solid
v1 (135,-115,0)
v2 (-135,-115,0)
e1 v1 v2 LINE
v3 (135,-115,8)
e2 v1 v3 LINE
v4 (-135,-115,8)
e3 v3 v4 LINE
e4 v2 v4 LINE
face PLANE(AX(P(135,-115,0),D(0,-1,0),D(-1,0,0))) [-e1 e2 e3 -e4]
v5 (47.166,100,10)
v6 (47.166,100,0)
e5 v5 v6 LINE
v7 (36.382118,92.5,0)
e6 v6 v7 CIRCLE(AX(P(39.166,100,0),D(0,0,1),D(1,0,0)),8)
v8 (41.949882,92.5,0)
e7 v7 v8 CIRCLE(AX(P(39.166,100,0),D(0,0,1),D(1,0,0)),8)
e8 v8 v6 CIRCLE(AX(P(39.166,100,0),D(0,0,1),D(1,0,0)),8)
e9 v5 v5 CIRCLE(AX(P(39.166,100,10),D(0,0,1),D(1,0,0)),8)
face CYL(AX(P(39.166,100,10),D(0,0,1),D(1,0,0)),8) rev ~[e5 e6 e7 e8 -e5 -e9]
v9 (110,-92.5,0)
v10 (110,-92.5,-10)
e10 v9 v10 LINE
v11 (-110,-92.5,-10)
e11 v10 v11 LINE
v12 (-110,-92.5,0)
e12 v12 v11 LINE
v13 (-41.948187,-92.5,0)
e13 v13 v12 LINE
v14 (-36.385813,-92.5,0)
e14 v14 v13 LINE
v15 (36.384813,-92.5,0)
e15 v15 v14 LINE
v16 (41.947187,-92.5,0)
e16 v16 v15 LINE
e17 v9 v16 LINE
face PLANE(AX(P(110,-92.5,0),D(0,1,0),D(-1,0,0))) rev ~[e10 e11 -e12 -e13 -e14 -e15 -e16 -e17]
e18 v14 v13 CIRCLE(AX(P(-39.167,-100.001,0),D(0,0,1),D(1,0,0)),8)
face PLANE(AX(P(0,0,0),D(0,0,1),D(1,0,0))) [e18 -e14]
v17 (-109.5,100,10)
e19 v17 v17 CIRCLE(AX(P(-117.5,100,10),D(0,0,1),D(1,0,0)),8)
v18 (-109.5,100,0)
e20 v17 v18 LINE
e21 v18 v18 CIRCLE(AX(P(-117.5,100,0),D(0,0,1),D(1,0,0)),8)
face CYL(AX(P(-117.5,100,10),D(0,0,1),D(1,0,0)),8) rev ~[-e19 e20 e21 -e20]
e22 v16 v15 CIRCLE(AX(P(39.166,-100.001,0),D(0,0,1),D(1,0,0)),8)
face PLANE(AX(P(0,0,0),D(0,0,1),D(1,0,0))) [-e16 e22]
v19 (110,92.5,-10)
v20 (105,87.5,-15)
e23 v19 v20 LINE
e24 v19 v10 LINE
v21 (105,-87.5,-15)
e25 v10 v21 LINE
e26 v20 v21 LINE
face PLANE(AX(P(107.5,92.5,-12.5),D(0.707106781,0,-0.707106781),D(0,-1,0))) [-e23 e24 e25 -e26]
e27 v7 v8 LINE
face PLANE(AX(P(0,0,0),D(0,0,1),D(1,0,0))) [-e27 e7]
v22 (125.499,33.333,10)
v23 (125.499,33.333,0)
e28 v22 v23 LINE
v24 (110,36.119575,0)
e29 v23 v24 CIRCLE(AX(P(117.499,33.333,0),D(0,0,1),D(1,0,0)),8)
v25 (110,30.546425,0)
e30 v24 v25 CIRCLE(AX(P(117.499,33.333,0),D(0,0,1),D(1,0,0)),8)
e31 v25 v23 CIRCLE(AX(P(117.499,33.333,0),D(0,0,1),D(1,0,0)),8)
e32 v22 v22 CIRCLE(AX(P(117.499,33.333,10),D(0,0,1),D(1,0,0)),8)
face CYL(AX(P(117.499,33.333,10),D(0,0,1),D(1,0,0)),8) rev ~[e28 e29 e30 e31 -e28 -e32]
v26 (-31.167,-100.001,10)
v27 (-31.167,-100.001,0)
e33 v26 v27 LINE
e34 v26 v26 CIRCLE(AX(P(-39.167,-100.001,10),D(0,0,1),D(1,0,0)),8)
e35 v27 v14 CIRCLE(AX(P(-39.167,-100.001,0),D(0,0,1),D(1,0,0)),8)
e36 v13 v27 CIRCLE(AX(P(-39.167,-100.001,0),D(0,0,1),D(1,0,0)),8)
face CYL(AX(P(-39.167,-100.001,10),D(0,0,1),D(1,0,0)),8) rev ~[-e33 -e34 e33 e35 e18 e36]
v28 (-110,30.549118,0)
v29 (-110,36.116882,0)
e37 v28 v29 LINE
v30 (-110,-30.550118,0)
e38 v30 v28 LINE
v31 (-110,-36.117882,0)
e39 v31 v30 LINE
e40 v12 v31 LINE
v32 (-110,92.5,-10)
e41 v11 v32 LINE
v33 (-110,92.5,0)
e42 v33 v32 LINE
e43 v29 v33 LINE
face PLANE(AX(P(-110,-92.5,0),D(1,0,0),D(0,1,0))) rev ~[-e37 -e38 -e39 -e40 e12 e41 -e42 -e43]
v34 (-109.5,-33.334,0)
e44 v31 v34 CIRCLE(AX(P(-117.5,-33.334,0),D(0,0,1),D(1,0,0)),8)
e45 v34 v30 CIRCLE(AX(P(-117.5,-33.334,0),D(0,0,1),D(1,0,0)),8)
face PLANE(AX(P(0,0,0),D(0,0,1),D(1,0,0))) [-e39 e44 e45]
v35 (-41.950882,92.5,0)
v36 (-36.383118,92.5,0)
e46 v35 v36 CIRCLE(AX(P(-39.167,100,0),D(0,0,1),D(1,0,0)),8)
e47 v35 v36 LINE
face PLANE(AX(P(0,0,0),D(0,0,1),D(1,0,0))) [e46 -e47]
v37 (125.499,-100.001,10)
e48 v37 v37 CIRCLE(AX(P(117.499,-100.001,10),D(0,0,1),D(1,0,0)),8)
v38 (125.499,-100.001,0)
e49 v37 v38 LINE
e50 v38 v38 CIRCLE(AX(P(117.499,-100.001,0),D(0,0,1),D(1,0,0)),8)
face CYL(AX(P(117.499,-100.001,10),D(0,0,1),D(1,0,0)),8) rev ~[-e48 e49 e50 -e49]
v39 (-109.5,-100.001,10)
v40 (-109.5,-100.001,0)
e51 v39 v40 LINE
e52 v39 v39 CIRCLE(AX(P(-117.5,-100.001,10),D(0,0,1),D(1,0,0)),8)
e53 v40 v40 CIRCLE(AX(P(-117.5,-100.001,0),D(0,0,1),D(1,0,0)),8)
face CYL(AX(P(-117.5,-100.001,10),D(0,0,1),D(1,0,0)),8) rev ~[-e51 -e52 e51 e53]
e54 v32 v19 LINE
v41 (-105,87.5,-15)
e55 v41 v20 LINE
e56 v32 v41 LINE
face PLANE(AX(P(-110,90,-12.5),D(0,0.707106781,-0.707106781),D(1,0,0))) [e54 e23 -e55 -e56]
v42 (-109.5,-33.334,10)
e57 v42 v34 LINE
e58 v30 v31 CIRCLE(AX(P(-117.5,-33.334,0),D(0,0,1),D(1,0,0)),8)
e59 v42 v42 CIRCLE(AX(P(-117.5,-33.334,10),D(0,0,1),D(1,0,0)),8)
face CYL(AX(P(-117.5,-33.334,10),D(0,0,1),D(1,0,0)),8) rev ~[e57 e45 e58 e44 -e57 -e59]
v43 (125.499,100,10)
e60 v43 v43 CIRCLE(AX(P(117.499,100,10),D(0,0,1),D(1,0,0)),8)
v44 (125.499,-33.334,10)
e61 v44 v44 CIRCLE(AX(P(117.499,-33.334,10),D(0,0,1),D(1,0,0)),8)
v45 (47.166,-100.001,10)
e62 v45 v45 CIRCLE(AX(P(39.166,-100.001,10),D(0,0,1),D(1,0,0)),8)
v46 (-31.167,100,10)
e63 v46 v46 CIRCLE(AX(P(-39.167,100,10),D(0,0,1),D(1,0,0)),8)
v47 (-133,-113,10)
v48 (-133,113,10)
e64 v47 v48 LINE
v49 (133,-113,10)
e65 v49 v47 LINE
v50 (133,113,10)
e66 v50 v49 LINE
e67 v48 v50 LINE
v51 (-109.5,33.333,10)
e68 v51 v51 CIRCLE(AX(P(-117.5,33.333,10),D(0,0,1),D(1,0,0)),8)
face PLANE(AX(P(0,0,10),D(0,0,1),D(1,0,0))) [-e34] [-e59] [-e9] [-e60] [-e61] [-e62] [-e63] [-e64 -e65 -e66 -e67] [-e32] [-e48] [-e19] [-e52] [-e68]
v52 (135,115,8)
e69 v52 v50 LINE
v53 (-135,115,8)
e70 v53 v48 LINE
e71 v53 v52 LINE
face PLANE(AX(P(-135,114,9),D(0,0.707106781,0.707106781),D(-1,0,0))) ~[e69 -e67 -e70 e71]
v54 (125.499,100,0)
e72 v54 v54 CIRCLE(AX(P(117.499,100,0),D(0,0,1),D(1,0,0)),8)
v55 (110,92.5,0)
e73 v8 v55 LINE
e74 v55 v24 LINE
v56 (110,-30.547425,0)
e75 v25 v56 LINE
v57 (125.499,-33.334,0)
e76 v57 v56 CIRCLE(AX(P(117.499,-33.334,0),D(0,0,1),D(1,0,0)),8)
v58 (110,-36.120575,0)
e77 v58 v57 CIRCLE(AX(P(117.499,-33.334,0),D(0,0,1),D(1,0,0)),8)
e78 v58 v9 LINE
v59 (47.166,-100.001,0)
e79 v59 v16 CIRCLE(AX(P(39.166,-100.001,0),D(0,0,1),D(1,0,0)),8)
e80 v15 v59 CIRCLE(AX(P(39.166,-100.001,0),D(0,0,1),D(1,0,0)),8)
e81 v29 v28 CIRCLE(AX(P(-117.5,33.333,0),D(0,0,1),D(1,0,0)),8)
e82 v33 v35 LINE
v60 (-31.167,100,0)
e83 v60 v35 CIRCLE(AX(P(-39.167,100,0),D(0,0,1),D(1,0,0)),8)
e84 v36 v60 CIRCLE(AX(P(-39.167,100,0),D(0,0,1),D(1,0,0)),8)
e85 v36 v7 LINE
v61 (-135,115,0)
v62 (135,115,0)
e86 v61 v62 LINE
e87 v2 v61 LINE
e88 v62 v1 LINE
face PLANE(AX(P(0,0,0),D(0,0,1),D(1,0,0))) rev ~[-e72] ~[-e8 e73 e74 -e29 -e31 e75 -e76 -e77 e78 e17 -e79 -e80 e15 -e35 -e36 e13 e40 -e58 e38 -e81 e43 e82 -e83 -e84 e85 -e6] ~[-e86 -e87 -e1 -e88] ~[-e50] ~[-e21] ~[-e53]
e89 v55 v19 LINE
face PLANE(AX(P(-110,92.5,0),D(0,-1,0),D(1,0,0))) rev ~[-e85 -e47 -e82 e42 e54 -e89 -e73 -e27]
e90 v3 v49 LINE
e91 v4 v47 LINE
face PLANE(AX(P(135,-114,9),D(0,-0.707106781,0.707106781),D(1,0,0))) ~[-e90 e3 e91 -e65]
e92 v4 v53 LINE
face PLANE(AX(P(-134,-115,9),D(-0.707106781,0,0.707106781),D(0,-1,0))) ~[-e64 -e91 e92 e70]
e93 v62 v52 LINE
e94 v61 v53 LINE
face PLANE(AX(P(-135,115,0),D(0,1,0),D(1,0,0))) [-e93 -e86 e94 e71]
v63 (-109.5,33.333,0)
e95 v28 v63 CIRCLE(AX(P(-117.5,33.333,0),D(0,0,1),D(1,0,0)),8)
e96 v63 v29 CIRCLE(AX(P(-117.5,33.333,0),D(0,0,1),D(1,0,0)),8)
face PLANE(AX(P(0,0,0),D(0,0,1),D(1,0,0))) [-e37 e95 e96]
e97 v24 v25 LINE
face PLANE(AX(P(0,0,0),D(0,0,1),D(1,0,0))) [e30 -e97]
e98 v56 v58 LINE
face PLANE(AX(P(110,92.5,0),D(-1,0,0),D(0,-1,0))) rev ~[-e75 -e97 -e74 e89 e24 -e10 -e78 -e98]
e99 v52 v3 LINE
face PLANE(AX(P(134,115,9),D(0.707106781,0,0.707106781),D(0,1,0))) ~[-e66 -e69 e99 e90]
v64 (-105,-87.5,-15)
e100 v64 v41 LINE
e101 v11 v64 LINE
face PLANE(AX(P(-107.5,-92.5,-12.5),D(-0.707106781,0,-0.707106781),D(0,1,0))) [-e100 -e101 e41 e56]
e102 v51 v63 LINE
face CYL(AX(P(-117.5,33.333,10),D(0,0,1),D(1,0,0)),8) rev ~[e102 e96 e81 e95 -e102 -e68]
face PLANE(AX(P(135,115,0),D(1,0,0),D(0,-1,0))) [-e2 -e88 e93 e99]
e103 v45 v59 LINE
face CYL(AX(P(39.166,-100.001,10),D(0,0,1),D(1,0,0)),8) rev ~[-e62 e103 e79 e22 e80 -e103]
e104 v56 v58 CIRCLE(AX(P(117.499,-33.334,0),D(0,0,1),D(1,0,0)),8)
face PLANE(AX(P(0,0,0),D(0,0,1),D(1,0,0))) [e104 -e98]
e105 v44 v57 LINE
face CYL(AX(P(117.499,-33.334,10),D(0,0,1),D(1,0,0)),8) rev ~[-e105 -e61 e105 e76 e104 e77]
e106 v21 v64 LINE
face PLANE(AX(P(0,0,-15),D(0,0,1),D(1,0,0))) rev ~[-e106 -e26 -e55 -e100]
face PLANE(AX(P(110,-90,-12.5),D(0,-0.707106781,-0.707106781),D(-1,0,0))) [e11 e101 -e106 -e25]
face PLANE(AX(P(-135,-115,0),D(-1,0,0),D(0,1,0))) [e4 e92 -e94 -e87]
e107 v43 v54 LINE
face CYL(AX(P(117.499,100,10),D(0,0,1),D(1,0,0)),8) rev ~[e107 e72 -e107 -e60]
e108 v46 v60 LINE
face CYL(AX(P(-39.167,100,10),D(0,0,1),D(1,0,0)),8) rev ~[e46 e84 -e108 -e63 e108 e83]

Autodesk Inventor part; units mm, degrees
ref_plane "YZ Plane" through (0, 0, 0) normal (1, 0, 0) x (0, 1, 0)
ref_plane "XZ Plane" through (0, 0, 0) normal (0, 1, 0) x (-1, 0, 0)
ref_plane "XY Plane" through (0, 0, 0) normal (0, 0, 1) x (1, 0, 0)
sketch "Sketch1" plane through (0, 0, 0) normal (0, 0, 1) x (1, 0, 0)
  line L0 (-135, 115) -> (135, 115)
  line L1 (135, 115) -> (135, -115)
  line L2 (135, -115) -> (-135, -115)
  line L3 (-135, -115) -> (-135, 115)
  line L4 (-110, 92.5) -> (110, 92.5)
  line L5 (110, 92.5) -> (110, -92.5)
  line L6 (110, -92.5) -> (-110, -92.5)
  line L7 (-110, -92.5) -> (-110, 92.5)
  point P0 (0, 0)
  point P1 (0, 115)
  point P2 (0, 92.5)
  point P3 (-110, 0)
  point P4 (-135, 0)
  dimension "d0" = 270
  dimension "d1" = 230
  dimension "d2" = 220
  dimension "d3" = 185
extrude "Extrusion1" add sketch "Sketch1" against normal blind 15 contours L4 L5 L6 L7
extrude "Extrusion2" add sketch "Sketch1" along normal blind 10 contours L0 L1 L2 L3 | L4 L5 L6 L7
chamfer "Chamfer1" distance 5 angle 45 4 edges at (0, 92.5, -15) (110, 0, -15) (0, -92.5, -15) (-110, 0, -15)
sketch "Sketch2" plane through (0, 0, 10) normal (0, 0, 1) x (1, 0, 0)
  line L0 (125, -107.5) -> (125, 107.5)
  line L1 (-125, 107.5) -> (-125, -107.5)
  line L2 (125, 107.5) -> (-125, 107.5)
  line L3 (-125, -107.5) -> (125, -107.5)
  line L4 (0, 107.5) -> (0, -107.5)
  line L5 (-135, -115) -> (135, -115) projected
  line L6 (135, -115) -> (135, 115) projected
  line L7 (135, 115) -> (-135, 115) projected
  line L8 (-135, 115) -> (-135, -115) projected
  point P0 (0, 0)
  point P1 (-117.5, 100)
  point P2 (-39.1667, 100)
  point P3 (39.1667, 100)
  point P4 (117.5, 100)
  point P5 (-117.5, 33.3333)
  point P6 (-117.5, -33.3333)
  point P7 (-117.5, -100)
  point P8 (-200.4459, 0)
  point P9 (-39.1667, -100)
  point P10 (39.1667, -100)
  point P11 (117.5, -100)
  point P12 (117.5, 33.3333)
  point P13 (117.5, -33.3333)
  dimension "d19" = 250
  dimension "d22" = 7.5
  dimension "d23" = 7.5
  dimension "d24" = 78.3333
  dimension "d25" = 215
  dimension "d26" = 66.6667
hole "Hole1" at (117.5, -33.3333, 10) at (117.5, 33.3333, 10) at (117.5, -100, 10) at (39.1667, -100, 10) at (-39.1667, -100, 10) at (-117.5, -100, 10) at (-117.5, -33.3333, 10) at (-117.5, 33.3333, 10) at (117.5, 100, 10) at (39.1667, 100, 10) at (-39.1667, 100, 10) at (-117.5, 100, 10) direction (0, 0, -1) diameter 8.376 depth 27.3 tip angle 118 thread size "M10x1.5" class "6H" standard "ISO Metric profile"
chamfer "Chamfer2" distance 2 angle 45 4 edges at (0, 115, 10) (-135, 0, 10) (135, 0, 10) (0, -115, 10)
sketch "Sketch3" plane through (0, 0, 10) normal (0, 0, 1) x (1, 0, 0)
  circle A0 centre (-117.5, 100) radius 4.188 projected
  circle A1 centre (39.1667, 100) radius 4.188 projected
  circle A2 centre (-117.5, 33.3333) radius 4.188 projected
  circle A3 centre (-117.5, -100) radius 4.188 projected
  circle A4 centre (39.1667, -100) radius 4.188 projected
  circle A5 centre (117.5, 33.3333) radius 4.188 projected
  circle A6 centre (117.5, -33.3333) radius 4.188 projected
  circle A7 centre (117.5, -100) radius 4.188 projected
  circle A8 centre (-39.1667, -100) radius 4.188 projected
  circle A9 centre (-117.5, -33.3333) radius 4.188 projected
  circle A10 centre (117.5, 100) radius 4.188 projected
  circle A11 centre (-39.1667, 100) radius 4.188 projected
  line L0 (133, -113) -> (-133, -113) projected
  line L1 (133, 113) -> (133, -113) projected
  line L2 (-133, 113) -> (133, 113) projected
  line L3 (-133, -113) -> (-133, 113) projected
  circle A12 centre (-117.5, 100) radius 8
  circle A13 centre (-39.167, 100) radius 8
  circle A14 centre (39.166, 100) radius 8
  circle A15 centre (117.499, 100) radius 8
  circle A16 centre (-117.5, 33.333) radius 8
  circle A17 centre (-117.5, -33.334) radius 8
  circle A18 centre (-117.5, -100.001) radius 8
  circle A19 centre (-39.167, -100.001) radius 8
  circle A20 centre (39.166, -100.001) radius 8
  circle A21 centre (117.499, -100.001) radius 8
  circle A22 centre (117.499, 33.333) radius 8
  circle A23 centre (117.499, -33.334) radius 8
  point P0 (0, 0)
  dimension "d39" = 16
  dimension "d42" = 78.333
  dimension "d49" = 66.667
  dimension "d56" = 78.333
  dimension "d63" = 66.667
extrude "Extrusion3" cut sketch "Sketch3" against normal blind 10 contours A0 | A1 | A2 | A3 | A4 | A5 | A6 | A7 | A8 | A9 | A10 | A11 | A12 | A13 | A14 | A15 | A16 | A17 | A18 | A19 | A20 | A21 | A22 | A23
equation "\"d22\" = 0.5 * d20"
equation "\"d23\" = 0.5 * d21"
equation "\"d20\" = 15"
equation "\"d21\" = 15"
properties part number "Cover of base" material "Steel, Alloy"
